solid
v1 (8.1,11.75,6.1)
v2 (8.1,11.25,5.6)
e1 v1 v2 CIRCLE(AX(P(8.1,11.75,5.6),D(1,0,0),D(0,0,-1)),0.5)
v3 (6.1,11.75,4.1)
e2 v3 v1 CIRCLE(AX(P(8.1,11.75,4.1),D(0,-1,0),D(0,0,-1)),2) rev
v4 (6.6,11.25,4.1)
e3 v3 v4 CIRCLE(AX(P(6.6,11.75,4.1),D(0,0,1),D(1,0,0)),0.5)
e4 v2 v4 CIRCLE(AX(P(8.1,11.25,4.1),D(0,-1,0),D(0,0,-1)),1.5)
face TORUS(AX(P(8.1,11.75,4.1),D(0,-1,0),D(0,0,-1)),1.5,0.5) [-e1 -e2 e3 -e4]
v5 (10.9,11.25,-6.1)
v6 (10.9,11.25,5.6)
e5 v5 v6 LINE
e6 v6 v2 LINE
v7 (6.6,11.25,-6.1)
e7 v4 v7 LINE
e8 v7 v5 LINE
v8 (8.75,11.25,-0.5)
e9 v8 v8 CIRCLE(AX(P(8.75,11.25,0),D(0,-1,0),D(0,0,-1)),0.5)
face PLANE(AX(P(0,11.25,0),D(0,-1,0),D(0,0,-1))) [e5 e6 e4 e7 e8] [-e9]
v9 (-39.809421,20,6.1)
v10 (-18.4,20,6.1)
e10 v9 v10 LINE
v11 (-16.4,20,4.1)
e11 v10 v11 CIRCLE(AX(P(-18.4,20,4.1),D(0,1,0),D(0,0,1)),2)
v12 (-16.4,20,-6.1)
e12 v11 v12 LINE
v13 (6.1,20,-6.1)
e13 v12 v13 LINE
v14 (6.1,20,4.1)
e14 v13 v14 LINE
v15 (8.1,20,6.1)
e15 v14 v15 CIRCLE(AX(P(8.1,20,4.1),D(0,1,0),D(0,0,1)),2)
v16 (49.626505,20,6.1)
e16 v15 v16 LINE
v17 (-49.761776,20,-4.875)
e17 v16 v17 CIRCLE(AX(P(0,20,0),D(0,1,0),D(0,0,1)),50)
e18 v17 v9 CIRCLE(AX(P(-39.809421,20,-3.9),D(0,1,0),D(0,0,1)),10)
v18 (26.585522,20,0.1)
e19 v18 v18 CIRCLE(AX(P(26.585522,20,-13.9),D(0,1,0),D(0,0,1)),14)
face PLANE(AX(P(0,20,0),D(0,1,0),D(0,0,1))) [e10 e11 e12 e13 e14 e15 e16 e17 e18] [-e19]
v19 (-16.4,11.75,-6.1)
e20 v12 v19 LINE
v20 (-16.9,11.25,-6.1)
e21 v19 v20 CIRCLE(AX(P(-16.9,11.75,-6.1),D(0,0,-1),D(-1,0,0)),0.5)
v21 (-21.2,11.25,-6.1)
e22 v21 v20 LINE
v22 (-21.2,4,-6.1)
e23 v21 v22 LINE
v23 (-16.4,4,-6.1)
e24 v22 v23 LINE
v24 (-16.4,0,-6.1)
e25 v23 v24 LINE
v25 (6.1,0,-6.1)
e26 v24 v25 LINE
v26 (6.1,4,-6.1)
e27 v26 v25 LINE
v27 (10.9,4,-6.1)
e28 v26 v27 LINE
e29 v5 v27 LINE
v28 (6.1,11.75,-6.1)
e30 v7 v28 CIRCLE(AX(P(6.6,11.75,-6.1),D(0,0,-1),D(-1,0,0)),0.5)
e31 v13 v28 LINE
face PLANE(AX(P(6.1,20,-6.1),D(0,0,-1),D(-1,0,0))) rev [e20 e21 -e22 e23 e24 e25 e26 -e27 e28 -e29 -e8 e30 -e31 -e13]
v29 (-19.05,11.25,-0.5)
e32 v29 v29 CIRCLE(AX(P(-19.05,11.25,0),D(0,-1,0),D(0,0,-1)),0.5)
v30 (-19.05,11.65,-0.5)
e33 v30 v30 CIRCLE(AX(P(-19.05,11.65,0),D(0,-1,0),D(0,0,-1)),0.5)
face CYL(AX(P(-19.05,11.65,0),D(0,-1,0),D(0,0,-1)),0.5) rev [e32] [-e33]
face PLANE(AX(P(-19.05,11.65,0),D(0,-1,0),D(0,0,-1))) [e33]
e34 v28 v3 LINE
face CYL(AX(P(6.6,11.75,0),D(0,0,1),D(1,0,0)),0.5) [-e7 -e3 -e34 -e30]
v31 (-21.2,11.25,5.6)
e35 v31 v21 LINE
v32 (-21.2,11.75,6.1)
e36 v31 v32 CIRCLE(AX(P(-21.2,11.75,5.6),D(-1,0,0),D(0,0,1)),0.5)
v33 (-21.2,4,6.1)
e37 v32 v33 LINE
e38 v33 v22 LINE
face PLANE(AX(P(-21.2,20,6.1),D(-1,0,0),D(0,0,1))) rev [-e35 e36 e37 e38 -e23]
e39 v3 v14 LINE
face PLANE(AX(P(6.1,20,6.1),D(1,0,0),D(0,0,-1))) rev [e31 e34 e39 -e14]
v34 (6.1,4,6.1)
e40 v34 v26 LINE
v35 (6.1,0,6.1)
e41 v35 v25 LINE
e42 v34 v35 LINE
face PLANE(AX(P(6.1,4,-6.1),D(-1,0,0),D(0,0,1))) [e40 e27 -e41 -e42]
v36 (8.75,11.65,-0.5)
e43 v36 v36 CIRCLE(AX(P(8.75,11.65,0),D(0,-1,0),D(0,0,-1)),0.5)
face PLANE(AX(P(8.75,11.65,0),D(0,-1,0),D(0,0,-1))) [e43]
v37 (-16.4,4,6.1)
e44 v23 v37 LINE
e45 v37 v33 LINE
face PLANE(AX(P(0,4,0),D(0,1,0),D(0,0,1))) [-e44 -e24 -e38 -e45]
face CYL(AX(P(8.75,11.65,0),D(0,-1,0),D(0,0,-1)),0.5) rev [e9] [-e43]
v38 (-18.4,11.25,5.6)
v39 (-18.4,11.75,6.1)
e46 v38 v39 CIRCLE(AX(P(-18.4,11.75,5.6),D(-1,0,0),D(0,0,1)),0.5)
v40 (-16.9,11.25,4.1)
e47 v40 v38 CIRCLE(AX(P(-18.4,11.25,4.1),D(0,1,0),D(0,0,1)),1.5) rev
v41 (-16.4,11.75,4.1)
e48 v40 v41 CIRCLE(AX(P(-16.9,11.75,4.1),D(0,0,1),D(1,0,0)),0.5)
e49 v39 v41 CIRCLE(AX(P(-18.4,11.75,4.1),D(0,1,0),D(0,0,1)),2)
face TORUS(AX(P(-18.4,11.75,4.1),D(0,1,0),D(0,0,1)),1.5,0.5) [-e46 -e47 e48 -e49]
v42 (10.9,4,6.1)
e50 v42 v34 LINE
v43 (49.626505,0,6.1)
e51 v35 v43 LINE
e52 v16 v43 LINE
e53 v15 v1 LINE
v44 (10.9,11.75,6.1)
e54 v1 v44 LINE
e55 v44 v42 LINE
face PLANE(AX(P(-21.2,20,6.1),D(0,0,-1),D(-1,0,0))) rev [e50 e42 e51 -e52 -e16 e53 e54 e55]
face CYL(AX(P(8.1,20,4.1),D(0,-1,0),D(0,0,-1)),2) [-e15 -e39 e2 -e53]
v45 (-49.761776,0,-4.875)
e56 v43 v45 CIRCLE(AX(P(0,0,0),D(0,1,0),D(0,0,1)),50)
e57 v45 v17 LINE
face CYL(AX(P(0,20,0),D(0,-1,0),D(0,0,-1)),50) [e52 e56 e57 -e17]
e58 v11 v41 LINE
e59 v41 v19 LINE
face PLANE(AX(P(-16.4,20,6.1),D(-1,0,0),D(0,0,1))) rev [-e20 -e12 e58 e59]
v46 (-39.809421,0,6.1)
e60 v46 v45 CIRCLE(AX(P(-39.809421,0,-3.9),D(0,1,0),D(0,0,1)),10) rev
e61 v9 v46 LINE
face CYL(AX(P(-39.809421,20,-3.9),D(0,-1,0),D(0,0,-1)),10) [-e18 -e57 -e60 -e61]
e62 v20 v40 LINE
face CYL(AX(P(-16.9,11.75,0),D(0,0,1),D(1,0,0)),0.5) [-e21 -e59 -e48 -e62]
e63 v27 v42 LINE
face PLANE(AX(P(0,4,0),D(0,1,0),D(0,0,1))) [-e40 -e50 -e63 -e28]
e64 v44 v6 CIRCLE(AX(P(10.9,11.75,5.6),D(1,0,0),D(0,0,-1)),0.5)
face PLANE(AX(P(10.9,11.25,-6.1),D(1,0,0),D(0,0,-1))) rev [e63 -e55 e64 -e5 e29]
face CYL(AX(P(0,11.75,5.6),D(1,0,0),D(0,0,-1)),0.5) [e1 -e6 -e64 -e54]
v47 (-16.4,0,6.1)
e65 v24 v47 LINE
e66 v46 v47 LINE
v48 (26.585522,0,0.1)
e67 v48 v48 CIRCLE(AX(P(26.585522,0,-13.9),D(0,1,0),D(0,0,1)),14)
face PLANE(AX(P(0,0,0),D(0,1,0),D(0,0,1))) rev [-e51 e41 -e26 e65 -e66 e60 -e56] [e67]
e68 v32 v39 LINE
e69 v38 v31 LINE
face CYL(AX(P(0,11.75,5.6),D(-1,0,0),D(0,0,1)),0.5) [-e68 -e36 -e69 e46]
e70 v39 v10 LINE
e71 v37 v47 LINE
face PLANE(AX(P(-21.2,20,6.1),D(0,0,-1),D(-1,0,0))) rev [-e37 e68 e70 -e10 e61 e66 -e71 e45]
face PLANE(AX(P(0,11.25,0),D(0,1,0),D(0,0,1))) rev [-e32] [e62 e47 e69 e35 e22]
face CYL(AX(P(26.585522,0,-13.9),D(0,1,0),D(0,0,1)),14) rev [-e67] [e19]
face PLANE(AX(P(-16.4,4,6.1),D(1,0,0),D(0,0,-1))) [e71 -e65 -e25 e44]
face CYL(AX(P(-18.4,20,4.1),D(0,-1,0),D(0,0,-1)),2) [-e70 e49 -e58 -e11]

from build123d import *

# Parameters (mm, degrees)
SKETCH1_R           = 50
BOSS_EXTRUDE1_DEPTH = 20
CUT_EXTRUDE3_DEPTH  = 74.484692283
SKETCH14_W          = 22.5
SKETCH14_H          = 12.2
CUT_EXTRUDE4_DEPTH  = 74.484692283
SKETCH16_W          = 4.8
SKETCH16_H          = 12.2
CUT_EXTRUDE5_DEPTH  = 11.25
CUT_EXTRUDE7_START  = -11.25
SKETCH17_R          = 0.5
CUT_EXTRUDE7_DEPTH  = 0.4
CUT_EXTRUDE8_DEPTH  = 74.484692283
FILLET1_R           = 2
FILLET2_R           = 0.5
SKETCH4_R           = 14
CUT_EXTRUDE2_DEPTH  = 74.484692283
SKETCH20_W          = 4.8
SKETCH20_H          = 12.2
BOSS_EXTRUDE2_DEPTH = 4
FILLET3_R           = 10


with BuildPart() as part:
    # Sketch1 → Boss-Extrude1 (new body)
    with BuildSketch(Plane(origin=(0, 0, 0), x_dir=(1, 0, 0), z_dir=(0, 1, 0))):
        with Locations(Location((0, 0, 0), (0, 0, 270))):
            Circle(SKETCH1_R)
    extrude(amount=BOSS_EXTRUDE1_DEPTH)

    # Sketch15 → Cut-Extrude3 (cut, through all)
    with BuildSketch(Plane.XZ):
        with BuildLine():
            Line((-21.2, 6.1), (-21.2, 45.283109434))
            ThreePointArc((-21.2, 45.283109434), (-5.873377692, 49.65383605), (10.05, 48.979562064))
            Line((10.05, 48.979562064), (10.9, 6.1))
            Line((10.9, 6.1), (-21.2, 6.1))
        make_face()
    extrude(amount=-CUT_EXTRUDE3_DEPTH, mode=Mode.SUBTRACT)

    # Sketch14 → Cut-Extrude4 (cut, through all)
    with BuildSketch(Plane.XZ):
        with Locations((-5.15, 0)):
            Rectangle(SKETCH14_W, SKETCH14_H)
    extrude(amount=-CUT_EXTRUDE4_DEPTH, mode=Mode.SUBTRACT)

    # Sketch16 → Cut-Extrude5 (cut)
    with BuildSketch(Plane.XZ):
        with Locations((-18.8, 0)):
            Rectangle(SKETCH16_W, SKETCH16_H)
        with Locations((8.5, 0)):
            Rectangle(SKETCH16_W, SKETCH16_H)
    extrude(amount=-CUT_EXTRUDE5_DEPTH, mode=Mode.SUBTRACT)

    # Sketch17 → Cut-Extrude7 (cut)
    with BuildSketch(Plane.XZ.offset(CUT_EXTRUDE7_START)):
        with Locations(Location((8.75, 0, 0), (0, 0, 270))):
            Circle(SKETCH17_R)
        with Locations(Location((-19.05, 0, 0), (0, 0, 270))):
            Circle(SKETCH17_R)
    extrude(amount=-CUT_EXTRUDE7_DEPTH, mode=Mode.SUBTRACT)

    # Sketch18 → Cut-Extrude8 (cut, through all)
    with BuildSketch(Plane(origin=(0, 0, 0), x_dir=(-1, 0, 0), z_dir=(0, -1, 0))):
        with BuildLine():
            Line((-10.9, -6.1), (-49.626505015, -6.1))
            ThreePointArc((-49.626505015, -6.1), (0, -50), (49.626505015, -6.1))
            Line((49.626505015, -6.1), (-10.9, -6.1))
        make_face()
    extrude(amount=-CUT_EXTRUDE8_DEPTH, mode=Mode.SUBTRACT)

    # Fillet1
    fillet1_edges = [part.edges().sort_by_distance(p)[0] for p in [
        (-16.4, 15.625, 6.1),
        (6.1, 15.625, 6.1),
    ]]
    fillet(fillet1_edges, radius=FILLET1_R)

    # Fillet2
    fillet2_edges = [part.edges().sort_by_distance(p)[0] for p in [
        (-19.8, 11.25, 6.1),
        (-16.985786438, 11.25, 5.514213562),
        (6.1, 11.25, -1),
        (6.685786438, 11.25, 5.514213562),
        (-16.4, 11.25, -1),
        (9.5, 11.25, 6.1),
    ]]
    fillet(fillet2_edges, radius=FILLET2_R)

    # Sketch4 → Cut-Extrude2 (cut, through all)
    with BuildSketch(Plane(origin=(0, 20, 0), x_dir=(1, 0, 0), z_dir=(0, 1, 0))):
        with Locations(Location((26.585522376, 13.9, 0), (0, 0, 270))):
            Circle(SKETCH4_R)
    extrude(amount=-CUT_EXTRUDE2_DEPTH, mode=Mode.SUBTRACT)

    # Sketch20 → Boss-Extrude2 (add)
    with BuildSketch(Plane.XZ):
        with Locations((-18.8, 0)):
            Rectangle(SKETCH20_W, SKETCH20_H)
        with Locations((8.5, 0)):
            Rectangle(SKETCH20_W, SKETCH20_H)
    extrude(amount=-BOSS_EXTRUDE2_DEPTH)

    # Fillet3
    fillet3_edges = [part.edges().sort_by_distance(p)[0] for p in [
        (-49.626505015, 10, 6.1),
    ]]
    fillet(fillet3_edges, radius=FILLET3_R)


solid = part.part
